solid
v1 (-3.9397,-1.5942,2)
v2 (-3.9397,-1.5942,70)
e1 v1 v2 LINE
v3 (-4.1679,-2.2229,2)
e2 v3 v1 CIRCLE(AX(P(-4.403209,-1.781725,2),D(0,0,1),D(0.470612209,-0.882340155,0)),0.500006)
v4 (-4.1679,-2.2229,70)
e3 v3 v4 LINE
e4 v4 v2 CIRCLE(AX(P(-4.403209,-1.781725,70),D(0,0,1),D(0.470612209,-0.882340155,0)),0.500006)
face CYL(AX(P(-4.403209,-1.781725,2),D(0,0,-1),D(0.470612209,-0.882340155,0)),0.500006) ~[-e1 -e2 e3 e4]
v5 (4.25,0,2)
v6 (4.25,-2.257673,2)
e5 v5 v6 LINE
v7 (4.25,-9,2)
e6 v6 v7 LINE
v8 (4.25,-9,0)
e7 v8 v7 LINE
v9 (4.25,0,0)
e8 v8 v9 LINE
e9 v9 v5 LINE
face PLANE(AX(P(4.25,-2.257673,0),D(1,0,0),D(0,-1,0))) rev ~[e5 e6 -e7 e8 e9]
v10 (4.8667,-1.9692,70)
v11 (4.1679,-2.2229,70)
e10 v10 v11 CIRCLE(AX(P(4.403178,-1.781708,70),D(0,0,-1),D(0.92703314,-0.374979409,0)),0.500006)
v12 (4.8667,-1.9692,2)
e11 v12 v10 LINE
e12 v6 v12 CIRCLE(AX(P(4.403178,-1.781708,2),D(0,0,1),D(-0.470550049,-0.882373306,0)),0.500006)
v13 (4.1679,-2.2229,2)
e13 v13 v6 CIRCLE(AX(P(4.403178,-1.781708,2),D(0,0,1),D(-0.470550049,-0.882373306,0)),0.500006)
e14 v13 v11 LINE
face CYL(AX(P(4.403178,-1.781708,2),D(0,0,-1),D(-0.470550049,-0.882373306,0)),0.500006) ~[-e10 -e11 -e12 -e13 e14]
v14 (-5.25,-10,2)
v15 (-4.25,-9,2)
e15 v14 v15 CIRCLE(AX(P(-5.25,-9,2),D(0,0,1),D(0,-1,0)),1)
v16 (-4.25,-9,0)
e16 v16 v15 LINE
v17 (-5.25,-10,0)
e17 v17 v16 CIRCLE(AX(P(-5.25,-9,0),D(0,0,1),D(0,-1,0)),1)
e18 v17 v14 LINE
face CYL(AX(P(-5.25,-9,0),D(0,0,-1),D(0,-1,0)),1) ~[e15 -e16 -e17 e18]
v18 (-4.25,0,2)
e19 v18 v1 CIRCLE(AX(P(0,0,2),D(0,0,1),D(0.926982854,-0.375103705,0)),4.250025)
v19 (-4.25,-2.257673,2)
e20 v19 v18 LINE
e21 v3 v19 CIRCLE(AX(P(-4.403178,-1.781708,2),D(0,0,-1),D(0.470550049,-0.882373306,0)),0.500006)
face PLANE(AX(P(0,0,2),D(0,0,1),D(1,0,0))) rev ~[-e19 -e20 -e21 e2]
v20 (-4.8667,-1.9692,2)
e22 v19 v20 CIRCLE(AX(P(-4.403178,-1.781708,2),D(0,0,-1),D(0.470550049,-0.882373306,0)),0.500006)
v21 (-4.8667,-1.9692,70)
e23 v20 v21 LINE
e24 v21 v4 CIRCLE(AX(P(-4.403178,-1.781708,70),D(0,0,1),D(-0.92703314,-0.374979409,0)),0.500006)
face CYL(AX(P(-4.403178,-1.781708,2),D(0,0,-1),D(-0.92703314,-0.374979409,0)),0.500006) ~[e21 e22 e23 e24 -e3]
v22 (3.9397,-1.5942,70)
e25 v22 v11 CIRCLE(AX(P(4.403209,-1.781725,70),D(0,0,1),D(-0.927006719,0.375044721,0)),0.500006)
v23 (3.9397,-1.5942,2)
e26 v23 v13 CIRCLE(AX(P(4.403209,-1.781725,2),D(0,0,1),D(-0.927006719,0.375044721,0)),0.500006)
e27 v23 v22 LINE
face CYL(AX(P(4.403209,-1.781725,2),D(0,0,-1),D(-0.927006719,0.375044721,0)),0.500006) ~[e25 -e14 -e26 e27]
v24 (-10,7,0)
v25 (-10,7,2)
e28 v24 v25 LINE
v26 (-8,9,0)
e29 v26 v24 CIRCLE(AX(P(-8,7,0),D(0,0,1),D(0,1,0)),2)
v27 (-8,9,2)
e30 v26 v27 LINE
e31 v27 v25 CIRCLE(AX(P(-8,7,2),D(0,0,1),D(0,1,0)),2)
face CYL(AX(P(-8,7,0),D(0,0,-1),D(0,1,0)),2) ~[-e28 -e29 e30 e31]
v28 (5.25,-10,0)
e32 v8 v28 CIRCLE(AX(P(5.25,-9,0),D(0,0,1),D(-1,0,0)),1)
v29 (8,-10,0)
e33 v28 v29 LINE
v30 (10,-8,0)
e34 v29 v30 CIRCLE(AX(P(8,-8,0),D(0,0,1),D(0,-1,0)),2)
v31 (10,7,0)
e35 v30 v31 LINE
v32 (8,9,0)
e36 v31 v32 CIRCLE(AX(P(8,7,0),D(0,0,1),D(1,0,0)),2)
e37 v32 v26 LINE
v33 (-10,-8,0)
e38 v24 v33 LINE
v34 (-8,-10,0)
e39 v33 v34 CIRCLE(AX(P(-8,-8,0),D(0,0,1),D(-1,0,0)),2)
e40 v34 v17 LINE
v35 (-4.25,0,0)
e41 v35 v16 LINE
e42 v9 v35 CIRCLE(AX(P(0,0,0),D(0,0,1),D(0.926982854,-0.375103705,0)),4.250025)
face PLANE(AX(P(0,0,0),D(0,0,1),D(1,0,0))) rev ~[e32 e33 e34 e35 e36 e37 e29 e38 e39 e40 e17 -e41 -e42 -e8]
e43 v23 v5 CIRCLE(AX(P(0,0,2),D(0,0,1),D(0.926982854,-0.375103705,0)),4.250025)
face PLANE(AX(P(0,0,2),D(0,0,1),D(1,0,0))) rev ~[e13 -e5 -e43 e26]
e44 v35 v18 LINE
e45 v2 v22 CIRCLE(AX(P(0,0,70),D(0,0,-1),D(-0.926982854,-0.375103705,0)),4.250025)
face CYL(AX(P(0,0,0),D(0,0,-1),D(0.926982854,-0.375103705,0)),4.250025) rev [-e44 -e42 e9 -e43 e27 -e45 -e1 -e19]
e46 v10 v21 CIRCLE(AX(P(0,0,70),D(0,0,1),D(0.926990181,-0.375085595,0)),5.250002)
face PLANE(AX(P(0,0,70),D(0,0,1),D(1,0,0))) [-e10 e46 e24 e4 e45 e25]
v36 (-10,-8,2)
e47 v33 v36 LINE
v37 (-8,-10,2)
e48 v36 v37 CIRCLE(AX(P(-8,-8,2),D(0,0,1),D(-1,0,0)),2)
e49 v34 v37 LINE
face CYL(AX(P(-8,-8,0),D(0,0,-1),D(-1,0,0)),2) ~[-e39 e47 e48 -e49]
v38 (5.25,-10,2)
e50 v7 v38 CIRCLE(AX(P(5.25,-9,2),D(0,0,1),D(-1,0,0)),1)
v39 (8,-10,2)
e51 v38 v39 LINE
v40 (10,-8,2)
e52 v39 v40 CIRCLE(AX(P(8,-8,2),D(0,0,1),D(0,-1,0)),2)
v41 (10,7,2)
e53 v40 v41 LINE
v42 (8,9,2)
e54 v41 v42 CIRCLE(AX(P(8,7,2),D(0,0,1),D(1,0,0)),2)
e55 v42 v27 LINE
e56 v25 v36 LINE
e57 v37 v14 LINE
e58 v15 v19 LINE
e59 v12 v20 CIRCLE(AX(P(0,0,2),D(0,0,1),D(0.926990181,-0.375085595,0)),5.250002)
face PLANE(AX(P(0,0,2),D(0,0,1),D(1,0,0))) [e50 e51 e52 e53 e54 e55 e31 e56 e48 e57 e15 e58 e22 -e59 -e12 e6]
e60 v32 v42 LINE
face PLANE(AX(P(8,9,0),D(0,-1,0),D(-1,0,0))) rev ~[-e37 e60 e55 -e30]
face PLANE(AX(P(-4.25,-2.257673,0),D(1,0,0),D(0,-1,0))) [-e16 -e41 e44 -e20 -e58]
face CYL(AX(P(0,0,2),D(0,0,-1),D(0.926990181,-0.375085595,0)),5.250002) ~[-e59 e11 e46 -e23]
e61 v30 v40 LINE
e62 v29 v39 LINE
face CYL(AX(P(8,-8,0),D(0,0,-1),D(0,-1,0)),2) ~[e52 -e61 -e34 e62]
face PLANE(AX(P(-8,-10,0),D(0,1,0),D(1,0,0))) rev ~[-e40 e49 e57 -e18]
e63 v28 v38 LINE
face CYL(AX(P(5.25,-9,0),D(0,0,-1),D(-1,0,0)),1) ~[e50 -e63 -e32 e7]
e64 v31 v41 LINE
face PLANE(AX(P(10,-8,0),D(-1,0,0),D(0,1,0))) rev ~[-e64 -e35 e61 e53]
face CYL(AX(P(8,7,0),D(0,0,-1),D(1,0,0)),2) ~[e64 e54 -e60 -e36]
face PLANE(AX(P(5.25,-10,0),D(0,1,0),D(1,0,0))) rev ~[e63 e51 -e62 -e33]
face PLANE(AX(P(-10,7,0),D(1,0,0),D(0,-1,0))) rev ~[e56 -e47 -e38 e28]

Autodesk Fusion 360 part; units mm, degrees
sketch "Skizze1" plane through (0, 0, 0) normal (0, 0, 1) x (1, 0, 0)
  line L0 (8, 9) -> (-8, 9)
  line L1 (-10, 7) -> (-10, -8)
  line L2 (10, -8) -> (10, 7)
  line L3 (-4.25, 0) -> (-4.25, -9)
  line L4 (4.25, 0) -> (4.25, -9)
  line L5 (-4.1679, -2.2229) -> (-4.1679, -2.2229)
  line L6 (4.1679, -2.2229) -> (4.1679, -2.2229)
  arc A0 (3.9397, -1.5942) -> (-3.9397, -1.5942) centre (0, 0) ccw
  arc A1 (4.8667, -1.9692) -> (-4.8667, -1.9692) centre (0, 0) ccw
  line L7 (-8, -10) -> (-5.25, -10)
  line L8 (5.25, -10) -> (8, -10)
  arc A2 (-8, 9) -> (-10, 7) centre (-8, 7) ccw
  arc A3 (10, 7) -> (8, 9) centre (8, 7) ccw
  arc A4 (-10, -8) -> (-8, -10) centre (-8, -8) ccw
  arc A5 (8, -10) -> (10, -8) centre (8, -8) ccw
  arc A6 (-5.25, -10) -> (-4.25, -9) centre (-5.25, -9) ccw
  arc A7 (4.25, -9) -> (5.25, -10) centre (5.25, -9) ccw
  arc A8 (-4.1679, -2.2229) -> (-3.9397, -1.5942) centre (-4.4032, -1.7817) ccw
  arc A9 (-4.8667, -1.9692) -> (-4.1679, -2.2229) centre (-4.4032, -1.7817) ccw
  arc A10 (3.9397, -1.5942) -> (4.1679, -2.2229) centre (4.4032, -1.7817) ccw
  arc A11 (4.1679, -2.2229) -> (4.8667, -1.9692) centre (4.4032, -1.7817) ccw
  dimension "d7" = 2
  dimension "d8" = 2
  dimension "d9" = 2
  dimension "d10" = 2
  dimension "d11" = 1
  dimension "d12" = 1
  dimension "d13" = 0.5
  dimension "d14" = 0.5
  dimension "d15" = 0.5
  dimension "d16" = 0.5
extrude "Extrusion4" add sketch "Skizze1" along normal blind 2 contours L0 L1 L2 L3 L4 A1 L7 L8 A2 A3 A4 A5 A6 A7 A9 A11 | L3 L4 A0 A1 A9 A11
extrude "Extrusion5" add sketch "Skizze1" along normal blind 70 and the other way blind -2 contours L4 A0 A10 A11 | L3 L4 A0 A1 A9 A11 | L3 A0 A8 A9
equation "d22 = 0.00 °"
